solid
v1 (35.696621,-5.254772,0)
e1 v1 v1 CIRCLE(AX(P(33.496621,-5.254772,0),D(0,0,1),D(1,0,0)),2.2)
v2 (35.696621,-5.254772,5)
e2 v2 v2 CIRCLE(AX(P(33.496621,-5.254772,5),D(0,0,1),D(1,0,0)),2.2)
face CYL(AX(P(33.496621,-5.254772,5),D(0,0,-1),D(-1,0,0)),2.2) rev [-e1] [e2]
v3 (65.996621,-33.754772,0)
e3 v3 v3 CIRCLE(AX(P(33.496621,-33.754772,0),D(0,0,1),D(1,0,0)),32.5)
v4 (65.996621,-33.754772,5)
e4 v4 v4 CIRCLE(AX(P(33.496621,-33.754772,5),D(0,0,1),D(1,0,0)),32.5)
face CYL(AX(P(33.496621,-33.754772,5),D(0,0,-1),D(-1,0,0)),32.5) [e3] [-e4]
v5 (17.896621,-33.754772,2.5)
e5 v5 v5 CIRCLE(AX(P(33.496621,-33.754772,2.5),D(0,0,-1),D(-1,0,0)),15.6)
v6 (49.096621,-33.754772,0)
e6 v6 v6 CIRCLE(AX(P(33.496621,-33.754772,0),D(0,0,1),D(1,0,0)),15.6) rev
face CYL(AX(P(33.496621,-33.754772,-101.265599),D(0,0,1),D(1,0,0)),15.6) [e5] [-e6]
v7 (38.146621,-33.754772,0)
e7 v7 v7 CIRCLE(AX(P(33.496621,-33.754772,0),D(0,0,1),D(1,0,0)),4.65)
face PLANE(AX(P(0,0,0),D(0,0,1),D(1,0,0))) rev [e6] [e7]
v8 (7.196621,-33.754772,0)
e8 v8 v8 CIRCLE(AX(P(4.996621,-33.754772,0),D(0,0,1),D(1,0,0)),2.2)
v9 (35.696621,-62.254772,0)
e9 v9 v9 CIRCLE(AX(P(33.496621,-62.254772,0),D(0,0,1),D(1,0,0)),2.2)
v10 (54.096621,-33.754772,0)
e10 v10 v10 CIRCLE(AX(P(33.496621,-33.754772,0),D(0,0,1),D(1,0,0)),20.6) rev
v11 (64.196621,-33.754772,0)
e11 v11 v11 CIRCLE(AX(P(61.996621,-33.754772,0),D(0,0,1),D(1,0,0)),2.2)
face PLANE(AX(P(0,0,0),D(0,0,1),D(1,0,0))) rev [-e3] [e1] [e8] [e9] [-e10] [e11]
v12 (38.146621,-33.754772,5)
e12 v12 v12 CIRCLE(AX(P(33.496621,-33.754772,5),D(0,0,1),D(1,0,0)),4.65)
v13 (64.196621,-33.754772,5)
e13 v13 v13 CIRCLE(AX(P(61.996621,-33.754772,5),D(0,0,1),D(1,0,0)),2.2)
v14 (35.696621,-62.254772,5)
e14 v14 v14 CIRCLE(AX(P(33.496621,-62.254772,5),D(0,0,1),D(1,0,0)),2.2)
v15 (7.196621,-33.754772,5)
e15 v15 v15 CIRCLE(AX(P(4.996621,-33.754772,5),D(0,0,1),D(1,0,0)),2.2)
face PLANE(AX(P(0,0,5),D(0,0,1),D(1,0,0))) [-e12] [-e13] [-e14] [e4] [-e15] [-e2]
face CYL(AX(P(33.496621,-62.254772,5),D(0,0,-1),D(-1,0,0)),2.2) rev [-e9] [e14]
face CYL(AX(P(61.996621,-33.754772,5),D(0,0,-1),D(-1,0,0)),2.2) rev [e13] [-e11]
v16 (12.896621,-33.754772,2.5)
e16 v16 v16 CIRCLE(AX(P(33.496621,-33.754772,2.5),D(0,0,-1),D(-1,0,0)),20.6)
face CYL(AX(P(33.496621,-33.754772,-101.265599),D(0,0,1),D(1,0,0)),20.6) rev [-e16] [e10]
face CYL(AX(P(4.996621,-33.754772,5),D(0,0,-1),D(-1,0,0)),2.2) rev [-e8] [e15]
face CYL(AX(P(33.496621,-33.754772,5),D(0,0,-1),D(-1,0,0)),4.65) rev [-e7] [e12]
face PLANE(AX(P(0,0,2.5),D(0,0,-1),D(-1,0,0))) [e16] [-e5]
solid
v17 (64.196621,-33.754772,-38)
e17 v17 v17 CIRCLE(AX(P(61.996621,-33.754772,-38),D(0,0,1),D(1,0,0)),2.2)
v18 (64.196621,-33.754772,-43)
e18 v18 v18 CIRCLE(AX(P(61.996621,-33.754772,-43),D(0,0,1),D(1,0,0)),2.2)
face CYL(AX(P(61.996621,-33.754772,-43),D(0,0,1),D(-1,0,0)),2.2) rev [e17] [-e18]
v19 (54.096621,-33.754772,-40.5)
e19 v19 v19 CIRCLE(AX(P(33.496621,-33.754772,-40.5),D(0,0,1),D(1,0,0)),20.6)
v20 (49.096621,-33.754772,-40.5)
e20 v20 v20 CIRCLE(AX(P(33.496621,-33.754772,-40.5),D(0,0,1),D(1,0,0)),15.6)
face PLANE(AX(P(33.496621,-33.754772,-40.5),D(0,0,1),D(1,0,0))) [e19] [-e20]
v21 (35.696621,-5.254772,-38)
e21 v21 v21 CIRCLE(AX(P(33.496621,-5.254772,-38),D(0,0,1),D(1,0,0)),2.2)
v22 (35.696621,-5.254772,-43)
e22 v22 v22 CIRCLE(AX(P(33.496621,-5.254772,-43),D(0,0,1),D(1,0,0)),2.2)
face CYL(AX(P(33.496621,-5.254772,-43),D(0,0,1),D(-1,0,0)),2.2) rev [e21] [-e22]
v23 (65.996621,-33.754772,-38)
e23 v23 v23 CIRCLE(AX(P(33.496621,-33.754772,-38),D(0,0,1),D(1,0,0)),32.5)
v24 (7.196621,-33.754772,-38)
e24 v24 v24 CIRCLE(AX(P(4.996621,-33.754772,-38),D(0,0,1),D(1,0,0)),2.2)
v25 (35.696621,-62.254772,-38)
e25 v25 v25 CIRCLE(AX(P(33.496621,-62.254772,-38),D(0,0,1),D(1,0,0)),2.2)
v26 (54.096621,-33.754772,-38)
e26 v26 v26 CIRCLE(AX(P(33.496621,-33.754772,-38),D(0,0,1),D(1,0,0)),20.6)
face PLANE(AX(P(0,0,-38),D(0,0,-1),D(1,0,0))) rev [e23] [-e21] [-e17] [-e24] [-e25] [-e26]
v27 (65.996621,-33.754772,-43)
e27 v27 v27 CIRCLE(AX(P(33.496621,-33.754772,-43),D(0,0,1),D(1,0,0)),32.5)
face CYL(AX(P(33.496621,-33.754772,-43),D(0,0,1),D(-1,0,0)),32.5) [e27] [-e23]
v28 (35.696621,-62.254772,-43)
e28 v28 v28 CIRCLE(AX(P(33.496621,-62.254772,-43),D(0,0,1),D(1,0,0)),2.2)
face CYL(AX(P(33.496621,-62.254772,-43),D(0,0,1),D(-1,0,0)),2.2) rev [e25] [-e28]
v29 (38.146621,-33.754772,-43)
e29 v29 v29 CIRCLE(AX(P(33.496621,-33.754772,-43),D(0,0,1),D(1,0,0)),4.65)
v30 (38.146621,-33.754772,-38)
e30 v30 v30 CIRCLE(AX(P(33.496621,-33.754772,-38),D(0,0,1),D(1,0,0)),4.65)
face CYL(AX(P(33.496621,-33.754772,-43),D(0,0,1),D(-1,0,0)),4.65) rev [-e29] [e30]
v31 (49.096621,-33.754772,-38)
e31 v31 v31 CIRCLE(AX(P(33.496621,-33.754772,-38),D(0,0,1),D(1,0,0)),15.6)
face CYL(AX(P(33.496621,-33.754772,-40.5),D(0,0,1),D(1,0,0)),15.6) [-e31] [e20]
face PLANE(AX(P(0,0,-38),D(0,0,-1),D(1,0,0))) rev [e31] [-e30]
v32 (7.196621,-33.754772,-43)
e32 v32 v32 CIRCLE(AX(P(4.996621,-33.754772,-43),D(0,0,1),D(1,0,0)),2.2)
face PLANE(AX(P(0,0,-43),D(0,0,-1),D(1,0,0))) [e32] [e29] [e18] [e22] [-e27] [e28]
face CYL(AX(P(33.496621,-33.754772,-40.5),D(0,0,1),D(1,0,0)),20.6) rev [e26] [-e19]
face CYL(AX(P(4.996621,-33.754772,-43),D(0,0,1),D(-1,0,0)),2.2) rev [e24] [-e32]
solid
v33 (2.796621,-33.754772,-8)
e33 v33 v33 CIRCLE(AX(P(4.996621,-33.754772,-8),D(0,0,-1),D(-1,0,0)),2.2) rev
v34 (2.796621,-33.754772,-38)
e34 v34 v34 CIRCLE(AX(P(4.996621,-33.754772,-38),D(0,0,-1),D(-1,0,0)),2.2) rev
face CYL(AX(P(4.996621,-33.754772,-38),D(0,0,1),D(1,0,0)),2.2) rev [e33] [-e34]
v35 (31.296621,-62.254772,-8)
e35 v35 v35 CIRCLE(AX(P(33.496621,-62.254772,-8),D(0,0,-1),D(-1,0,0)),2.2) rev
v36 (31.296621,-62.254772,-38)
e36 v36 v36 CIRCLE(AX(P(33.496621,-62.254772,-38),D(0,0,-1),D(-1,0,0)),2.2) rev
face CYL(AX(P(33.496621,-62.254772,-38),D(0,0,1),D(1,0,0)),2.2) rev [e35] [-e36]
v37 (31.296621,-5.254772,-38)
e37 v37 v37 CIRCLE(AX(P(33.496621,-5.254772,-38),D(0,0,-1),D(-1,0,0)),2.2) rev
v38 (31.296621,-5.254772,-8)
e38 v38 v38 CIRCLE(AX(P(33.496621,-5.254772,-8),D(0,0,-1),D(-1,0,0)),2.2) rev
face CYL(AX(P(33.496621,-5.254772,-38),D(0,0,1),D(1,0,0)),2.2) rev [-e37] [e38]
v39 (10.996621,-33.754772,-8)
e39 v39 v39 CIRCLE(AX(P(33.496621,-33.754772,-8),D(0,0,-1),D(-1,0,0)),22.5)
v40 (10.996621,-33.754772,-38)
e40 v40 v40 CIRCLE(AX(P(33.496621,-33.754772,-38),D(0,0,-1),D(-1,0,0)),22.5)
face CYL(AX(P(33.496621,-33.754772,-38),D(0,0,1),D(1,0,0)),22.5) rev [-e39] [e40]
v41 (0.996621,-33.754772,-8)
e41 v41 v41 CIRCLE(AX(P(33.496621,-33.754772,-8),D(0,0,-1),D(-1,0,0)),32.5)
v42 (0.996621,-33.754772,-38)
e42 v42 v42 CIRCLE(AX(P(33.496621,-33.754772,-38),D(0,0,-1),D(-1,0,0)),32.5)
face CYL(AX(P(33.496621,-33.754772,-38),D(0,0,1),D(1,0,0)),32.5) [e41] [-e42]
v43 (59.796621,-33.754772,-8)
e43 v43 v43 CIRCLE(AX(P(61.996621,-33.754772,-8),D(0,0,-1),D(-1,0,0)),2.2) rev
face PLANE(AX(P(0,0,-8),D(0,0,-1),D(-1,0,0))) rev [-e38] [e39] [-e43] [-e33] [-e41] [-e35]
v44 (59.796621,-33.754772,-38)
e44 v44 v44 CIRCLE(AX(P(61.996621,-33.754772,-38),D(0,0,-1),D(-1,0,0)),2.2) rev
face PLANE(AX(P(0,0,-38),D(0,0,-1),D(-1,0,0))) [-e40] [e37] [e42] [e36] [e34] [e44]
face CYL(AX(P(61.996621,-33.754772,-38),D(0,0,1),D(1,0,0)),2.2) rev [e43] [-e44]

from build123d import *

# Parameters (mm, degrees)
SKETCH2_R               = 32.5
SKETCH2_R_2             = 4.65
SKETCH2_R_3             = 2.2
BOSS_EXTRUDE1_DEPTH     = 5
BOSS_EXTRUDE2_START     = 8
SKETCH3_R               = 32.5
SKETCH3_R_2             = 22.5
SKETCH3_R_3             = 2.2
BOSS_EXTRUDE2_DEPTH     = 30
CUT_EXTRUDE1_DEPTH      = 8
CUT_EXTRUDE1_DEPTH_BACK = 2.5
SKETCH4_R               = 20.6
SKETCH4_R_2             = 15.6
CUT_EXTRUDE2_START      = -2.5
SKETCH5_R               = 20.6
SKETCH5_R_2             = 15.6
CUT_EXTRUDE2_DEPTH      = 2.5


with BuildPart() as part:
    # Sketch2 → Boss-Extrude1 (new body)
    with BuildSketch(Plane.XY):
        with Locations((33.49662103, -33.754772237)):
            Circle(SKETCH2_R)
        with Locations((33.49662103, -33.754772237)):
            Circle(SKETCH2_R_2, mode=Mode.SUBTRACT)
        with Locations((33.49662103, -5.254772237)):
            Circle(SKETCH2_R_3, mode=Mode.SUBTRACT)
        with Locations((4.99662103, -33.754772237)):
            Circle(SKETCH2_R_3, mode=Mode.SUBTRACT)
        with Locations((33.49662103, -62.254772237)):
            Circle(SKETCH2_R_3, mode=Mode.SUBTRACT)
        with Locations((61.99662103, -33.754772237)):
            Circle(SKETCH2_R_3, mode=Mode.SUBTRACT)
    extrude(amount=BOSS_EXTRUDE1_DEPTH)


with BuildPart() as body_2:
    # Sketch3 → Boss-Extrude2 (new body)
    with BuildSketch(Plane(origin=(0, 0, 0), x_dir=(-1, 0, 0), z_dir=(0, 0, -1)).offset(BOSS_EXTRUDE2_START)):
        with Locations((-33.49662103, -33.754772237)):
            Circle(SKETCH3_R)
        with Locations((-33.49662103, -33.754772237)):
            Circle(SKETCH3_R_2, mode=Mode.SUBTRACT)
        with Locations((-33.49662103, -5.254772237)):
            Circle(SKETCH3_R_3, mode=Mode.SUBTRACT)
        with Locations((-4.99662103, -33.754772237)):
            Circle(SKETCH3_R_3, mode=Mode.SUBTRACT)
        with Locations((-33.49662103, -62.254772237)):
            Circle(SKETCH3_R_3, mode=Mode.SUBTRACT)
        with Locations((-61.99662103, -33.754772237)):
            Circle(SKETCH3_R_3, mode=Mode.SUBTRACT)
    extrude(amount=BOSS_EXTRUDE2_DEPTH)


with BuildPart() as body_3:
    # Mirror1: mirrored copy
    add(part.part.mirror(Plane(origin=(0, 0, -19), x_dir=(1, 0, 0), z_dir=(0, 0, -1))))

    # Sketch5 → Cut-Extrude2 (cut)
    with BuildSketch(Plane.XY.offset(-38).offset(CUT_EXTRUDE2_START)):
        with Locations((33.49662103, -33.754772237)):
            Circle(SKETCH5_R)
        with Locations((33.49662103, -33.754772237)):
            Circle(SKETCH5_R_2, mode=Mode.SUBTRACT)
    extrude(amount=CUT_EXTRUDE2_DEPTH, mode=Mode.SUBTRACT)


with BuildPart() as part_1:
    add(part.part)

    # Sketch4 → Cut-Extrude1 (cut, two sides: drawn at the far end of the back side and taken through both)
    with BuildSketch(Plane(origin=(0, 0, 0), x_dir=(-1, 0, 0), z_dir=(0, 0, -1)).offset(-CUT_EXTRUDE1_DEPTH_BACK)):
        with Locations(Location((-33.49662103, -33.754772237, 0), (0, 0, 180))):
            Circle(SKETCH4_R)
        with Locations(Location((-33.49662103, -33.754772237, 0), (0, 0, 180))):
            Circle(SKETCH4_R_2, mode=Mode.SUBTRACT)
    extrude(amount=CUT_EXTRUDE1_DEPTH + CUT_EXTRUDE1_DEPTH_BACK, mode=Mode.SUBTRACT)


solid = Compound([body_2.part, body_3.part, part_1.part])
